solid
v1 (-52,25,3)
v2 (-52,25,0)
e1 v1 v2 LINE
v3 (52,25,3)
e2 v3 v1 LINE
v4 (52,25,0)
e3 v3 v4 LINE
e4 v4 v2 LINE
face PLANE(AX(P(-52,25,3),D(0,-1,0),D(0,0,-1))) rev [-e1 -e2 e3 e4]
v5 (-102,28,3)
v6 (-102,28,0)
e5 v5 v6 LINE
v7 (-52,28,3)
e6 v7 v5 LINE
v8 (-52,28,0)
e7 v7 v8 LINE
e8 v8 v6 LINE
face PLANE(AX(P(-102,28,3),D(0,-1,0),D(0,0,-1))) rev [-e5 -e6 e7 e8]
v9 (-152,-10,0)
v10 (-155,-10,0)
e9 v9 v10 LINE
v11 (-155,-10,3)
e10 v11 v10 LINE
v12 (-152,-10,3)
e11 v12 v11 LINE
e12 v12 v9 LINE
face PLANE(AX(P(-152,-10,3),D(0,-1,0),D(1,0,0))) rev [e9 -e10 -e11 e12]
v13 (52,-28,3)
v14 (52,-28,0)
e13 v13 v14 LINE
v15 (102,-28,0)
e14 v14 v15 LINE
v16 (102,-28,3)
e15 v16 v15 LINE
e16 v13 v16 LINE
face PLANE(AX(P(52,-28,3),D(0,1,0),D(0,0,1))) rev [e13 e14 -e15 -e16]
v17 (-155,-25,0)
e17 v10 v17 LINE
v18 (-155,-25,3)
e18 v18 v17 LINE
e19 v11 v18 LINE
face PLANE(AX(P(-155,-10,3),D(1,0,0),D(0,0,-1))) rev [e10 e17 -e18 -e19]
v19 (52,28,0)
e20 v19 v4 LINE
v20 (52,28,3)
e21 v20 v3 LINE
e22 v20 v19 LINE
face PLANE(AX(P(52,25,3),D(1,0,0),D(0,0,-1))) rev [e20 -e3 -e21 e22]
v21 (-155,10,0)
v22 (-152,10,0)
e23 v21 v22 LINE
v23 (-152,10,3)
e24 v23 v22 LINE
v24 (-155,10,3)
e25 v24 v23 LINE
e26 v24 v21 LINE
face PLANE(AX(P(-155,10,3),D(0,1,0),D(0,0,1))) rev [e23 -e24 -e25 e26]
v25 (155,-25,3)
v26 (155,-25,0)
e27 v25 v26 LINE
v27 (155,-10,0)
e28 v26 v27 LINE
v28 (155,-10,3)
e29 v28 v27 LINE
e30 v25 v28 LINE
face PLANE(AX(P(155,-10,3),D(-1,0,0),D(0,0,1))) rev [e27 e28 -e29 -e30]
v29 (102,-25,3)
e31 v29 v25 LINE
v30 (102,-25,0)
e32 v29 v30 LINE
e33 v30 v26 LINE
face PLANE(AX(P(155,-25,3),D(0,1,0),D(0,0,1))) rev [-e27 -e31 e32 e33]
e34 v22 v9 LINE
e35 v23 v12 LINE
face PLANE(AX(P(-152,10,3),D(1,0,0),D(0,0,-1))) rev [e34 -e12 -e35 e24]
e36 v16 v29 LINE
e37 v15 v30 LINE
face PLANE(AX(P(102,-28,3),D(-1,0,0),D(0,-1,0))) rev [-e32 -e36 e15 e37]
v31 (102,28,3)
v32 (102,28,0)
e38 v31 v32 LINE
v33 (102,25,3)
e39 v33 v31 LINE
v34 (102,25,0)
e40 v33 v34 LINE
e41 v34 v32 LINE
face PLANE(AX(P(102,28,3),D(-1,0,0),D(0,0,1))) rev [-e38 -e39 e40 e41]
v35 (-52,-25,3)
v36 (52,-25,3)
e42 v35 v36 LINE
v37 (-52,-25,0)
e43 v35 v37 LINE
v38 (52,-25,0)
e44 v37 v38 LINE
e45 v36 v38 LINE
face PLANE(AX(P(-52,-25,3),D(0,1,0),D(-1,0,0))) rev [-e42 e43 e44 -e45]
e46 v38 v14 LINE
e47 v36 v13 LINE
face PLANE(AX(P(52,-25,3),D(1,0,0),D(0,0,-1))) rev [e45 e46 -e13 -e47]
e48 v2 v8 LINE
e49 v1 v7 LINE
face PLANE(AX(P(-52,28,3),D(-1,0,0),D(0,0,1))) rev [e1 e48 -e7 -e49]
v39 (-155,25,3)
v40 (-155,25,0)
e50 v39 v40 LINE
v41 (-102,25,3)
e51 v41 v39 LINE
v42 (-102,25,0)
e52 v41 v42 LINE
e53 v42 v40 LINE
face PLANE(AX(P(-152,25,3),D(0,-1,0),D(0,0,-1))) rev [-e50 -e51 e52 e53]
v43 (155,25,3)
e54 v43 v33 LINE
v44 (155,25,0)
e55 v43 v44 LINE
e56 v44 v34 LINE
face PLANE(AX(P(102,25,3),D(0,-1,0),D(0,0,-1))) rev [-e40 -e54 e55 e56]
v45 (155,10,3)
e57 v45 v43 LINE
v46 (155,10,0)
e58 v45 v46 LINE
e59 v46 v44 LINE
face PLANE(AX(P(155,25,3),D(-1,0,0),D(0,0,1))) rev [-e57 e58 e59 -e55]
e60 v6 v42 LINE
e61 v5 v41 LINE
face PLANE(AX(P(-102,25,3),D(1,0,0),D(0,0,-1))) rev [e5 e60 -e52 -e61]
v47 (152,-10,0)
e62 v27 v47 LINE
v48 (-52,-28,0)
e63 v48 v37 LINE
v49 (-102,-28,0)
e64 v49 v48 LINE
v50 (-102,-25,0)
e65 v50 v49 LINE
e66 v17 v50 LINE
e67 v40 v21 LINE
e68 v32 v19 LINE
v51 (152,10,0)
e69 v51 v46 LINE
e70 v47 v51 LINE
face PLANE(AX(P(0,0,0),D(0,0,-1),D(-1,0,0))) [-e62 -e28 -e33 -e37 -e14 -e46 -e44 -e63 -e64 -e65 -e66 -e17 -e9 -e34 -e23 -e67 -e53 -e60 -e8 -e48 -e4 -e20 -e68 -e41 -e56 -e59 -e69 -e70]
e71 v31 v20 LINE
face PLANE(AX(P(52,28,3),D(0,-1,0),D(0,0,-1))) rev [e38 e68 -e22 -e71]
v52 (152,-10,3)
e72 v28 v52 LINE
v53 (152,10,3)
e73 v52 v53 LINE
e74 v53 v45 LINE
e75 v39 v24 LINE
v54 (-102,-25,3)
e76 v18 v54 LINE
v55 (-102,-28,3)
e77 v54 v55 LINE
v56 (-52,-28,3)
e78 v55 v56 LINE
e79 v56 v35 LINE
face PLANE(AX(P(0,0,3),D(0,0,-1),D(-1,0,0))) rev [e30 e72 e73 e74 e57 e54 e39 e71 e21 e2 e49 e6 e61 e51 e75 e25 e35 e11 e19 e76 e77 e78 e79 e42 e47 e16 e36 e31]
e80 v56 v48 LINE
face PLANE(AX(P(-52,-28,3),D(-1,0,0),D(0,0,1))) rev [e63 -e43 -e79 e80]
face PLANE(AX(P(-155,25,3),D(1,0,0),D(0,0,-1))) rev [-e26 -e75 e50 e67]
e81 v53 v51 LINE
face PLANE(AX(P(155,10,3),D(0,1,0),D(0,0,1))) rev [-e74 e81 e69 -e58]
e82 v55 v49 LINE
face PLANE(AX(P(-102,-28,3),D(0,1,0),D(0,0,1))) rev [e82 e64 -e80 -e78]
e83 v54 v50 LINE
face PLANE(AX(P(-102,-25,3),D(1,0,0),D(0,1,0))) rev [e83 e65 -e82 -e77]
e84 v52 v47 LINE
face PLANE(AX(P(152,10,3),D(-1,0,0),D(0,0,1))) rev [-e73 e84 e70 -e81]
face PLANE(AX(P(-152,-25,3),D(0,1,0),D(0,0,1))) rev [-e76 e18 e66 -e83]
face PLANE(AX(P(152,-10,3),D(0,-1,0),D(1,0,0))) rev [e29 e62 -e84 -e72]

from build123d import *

# Parameters (mm, degrees)
EXTRUDE_1_DEPTH = 3


with BuildPart() as part:
    # 스케치1 → 보스-돌출1 (new body)
    with BuildSketch(Plane.XY):
        Polygon((-152, 25), (-102, 25), (-102, 28), (-52, 28), (-52, 25), (52, 25), (52, 28), (102, 28), (102, 25), (152, 25), (155, 25), (155, 10), (152, 10), (152, -10), (155, -10), (155, -25), (152, -25), (102, -25), (102, -28), (52, -28), (52, -25), (-52, -25), (-52, -28), (-102, -28), (-102, -25), (-152, -25), (-155, -25), (-155, -10), (-152, -10), (-152, 10), (-155, 10), (-155, 25), align=None)
    extrude(amount=EXTRUDE_1_DEPTH)


solid = part.part
